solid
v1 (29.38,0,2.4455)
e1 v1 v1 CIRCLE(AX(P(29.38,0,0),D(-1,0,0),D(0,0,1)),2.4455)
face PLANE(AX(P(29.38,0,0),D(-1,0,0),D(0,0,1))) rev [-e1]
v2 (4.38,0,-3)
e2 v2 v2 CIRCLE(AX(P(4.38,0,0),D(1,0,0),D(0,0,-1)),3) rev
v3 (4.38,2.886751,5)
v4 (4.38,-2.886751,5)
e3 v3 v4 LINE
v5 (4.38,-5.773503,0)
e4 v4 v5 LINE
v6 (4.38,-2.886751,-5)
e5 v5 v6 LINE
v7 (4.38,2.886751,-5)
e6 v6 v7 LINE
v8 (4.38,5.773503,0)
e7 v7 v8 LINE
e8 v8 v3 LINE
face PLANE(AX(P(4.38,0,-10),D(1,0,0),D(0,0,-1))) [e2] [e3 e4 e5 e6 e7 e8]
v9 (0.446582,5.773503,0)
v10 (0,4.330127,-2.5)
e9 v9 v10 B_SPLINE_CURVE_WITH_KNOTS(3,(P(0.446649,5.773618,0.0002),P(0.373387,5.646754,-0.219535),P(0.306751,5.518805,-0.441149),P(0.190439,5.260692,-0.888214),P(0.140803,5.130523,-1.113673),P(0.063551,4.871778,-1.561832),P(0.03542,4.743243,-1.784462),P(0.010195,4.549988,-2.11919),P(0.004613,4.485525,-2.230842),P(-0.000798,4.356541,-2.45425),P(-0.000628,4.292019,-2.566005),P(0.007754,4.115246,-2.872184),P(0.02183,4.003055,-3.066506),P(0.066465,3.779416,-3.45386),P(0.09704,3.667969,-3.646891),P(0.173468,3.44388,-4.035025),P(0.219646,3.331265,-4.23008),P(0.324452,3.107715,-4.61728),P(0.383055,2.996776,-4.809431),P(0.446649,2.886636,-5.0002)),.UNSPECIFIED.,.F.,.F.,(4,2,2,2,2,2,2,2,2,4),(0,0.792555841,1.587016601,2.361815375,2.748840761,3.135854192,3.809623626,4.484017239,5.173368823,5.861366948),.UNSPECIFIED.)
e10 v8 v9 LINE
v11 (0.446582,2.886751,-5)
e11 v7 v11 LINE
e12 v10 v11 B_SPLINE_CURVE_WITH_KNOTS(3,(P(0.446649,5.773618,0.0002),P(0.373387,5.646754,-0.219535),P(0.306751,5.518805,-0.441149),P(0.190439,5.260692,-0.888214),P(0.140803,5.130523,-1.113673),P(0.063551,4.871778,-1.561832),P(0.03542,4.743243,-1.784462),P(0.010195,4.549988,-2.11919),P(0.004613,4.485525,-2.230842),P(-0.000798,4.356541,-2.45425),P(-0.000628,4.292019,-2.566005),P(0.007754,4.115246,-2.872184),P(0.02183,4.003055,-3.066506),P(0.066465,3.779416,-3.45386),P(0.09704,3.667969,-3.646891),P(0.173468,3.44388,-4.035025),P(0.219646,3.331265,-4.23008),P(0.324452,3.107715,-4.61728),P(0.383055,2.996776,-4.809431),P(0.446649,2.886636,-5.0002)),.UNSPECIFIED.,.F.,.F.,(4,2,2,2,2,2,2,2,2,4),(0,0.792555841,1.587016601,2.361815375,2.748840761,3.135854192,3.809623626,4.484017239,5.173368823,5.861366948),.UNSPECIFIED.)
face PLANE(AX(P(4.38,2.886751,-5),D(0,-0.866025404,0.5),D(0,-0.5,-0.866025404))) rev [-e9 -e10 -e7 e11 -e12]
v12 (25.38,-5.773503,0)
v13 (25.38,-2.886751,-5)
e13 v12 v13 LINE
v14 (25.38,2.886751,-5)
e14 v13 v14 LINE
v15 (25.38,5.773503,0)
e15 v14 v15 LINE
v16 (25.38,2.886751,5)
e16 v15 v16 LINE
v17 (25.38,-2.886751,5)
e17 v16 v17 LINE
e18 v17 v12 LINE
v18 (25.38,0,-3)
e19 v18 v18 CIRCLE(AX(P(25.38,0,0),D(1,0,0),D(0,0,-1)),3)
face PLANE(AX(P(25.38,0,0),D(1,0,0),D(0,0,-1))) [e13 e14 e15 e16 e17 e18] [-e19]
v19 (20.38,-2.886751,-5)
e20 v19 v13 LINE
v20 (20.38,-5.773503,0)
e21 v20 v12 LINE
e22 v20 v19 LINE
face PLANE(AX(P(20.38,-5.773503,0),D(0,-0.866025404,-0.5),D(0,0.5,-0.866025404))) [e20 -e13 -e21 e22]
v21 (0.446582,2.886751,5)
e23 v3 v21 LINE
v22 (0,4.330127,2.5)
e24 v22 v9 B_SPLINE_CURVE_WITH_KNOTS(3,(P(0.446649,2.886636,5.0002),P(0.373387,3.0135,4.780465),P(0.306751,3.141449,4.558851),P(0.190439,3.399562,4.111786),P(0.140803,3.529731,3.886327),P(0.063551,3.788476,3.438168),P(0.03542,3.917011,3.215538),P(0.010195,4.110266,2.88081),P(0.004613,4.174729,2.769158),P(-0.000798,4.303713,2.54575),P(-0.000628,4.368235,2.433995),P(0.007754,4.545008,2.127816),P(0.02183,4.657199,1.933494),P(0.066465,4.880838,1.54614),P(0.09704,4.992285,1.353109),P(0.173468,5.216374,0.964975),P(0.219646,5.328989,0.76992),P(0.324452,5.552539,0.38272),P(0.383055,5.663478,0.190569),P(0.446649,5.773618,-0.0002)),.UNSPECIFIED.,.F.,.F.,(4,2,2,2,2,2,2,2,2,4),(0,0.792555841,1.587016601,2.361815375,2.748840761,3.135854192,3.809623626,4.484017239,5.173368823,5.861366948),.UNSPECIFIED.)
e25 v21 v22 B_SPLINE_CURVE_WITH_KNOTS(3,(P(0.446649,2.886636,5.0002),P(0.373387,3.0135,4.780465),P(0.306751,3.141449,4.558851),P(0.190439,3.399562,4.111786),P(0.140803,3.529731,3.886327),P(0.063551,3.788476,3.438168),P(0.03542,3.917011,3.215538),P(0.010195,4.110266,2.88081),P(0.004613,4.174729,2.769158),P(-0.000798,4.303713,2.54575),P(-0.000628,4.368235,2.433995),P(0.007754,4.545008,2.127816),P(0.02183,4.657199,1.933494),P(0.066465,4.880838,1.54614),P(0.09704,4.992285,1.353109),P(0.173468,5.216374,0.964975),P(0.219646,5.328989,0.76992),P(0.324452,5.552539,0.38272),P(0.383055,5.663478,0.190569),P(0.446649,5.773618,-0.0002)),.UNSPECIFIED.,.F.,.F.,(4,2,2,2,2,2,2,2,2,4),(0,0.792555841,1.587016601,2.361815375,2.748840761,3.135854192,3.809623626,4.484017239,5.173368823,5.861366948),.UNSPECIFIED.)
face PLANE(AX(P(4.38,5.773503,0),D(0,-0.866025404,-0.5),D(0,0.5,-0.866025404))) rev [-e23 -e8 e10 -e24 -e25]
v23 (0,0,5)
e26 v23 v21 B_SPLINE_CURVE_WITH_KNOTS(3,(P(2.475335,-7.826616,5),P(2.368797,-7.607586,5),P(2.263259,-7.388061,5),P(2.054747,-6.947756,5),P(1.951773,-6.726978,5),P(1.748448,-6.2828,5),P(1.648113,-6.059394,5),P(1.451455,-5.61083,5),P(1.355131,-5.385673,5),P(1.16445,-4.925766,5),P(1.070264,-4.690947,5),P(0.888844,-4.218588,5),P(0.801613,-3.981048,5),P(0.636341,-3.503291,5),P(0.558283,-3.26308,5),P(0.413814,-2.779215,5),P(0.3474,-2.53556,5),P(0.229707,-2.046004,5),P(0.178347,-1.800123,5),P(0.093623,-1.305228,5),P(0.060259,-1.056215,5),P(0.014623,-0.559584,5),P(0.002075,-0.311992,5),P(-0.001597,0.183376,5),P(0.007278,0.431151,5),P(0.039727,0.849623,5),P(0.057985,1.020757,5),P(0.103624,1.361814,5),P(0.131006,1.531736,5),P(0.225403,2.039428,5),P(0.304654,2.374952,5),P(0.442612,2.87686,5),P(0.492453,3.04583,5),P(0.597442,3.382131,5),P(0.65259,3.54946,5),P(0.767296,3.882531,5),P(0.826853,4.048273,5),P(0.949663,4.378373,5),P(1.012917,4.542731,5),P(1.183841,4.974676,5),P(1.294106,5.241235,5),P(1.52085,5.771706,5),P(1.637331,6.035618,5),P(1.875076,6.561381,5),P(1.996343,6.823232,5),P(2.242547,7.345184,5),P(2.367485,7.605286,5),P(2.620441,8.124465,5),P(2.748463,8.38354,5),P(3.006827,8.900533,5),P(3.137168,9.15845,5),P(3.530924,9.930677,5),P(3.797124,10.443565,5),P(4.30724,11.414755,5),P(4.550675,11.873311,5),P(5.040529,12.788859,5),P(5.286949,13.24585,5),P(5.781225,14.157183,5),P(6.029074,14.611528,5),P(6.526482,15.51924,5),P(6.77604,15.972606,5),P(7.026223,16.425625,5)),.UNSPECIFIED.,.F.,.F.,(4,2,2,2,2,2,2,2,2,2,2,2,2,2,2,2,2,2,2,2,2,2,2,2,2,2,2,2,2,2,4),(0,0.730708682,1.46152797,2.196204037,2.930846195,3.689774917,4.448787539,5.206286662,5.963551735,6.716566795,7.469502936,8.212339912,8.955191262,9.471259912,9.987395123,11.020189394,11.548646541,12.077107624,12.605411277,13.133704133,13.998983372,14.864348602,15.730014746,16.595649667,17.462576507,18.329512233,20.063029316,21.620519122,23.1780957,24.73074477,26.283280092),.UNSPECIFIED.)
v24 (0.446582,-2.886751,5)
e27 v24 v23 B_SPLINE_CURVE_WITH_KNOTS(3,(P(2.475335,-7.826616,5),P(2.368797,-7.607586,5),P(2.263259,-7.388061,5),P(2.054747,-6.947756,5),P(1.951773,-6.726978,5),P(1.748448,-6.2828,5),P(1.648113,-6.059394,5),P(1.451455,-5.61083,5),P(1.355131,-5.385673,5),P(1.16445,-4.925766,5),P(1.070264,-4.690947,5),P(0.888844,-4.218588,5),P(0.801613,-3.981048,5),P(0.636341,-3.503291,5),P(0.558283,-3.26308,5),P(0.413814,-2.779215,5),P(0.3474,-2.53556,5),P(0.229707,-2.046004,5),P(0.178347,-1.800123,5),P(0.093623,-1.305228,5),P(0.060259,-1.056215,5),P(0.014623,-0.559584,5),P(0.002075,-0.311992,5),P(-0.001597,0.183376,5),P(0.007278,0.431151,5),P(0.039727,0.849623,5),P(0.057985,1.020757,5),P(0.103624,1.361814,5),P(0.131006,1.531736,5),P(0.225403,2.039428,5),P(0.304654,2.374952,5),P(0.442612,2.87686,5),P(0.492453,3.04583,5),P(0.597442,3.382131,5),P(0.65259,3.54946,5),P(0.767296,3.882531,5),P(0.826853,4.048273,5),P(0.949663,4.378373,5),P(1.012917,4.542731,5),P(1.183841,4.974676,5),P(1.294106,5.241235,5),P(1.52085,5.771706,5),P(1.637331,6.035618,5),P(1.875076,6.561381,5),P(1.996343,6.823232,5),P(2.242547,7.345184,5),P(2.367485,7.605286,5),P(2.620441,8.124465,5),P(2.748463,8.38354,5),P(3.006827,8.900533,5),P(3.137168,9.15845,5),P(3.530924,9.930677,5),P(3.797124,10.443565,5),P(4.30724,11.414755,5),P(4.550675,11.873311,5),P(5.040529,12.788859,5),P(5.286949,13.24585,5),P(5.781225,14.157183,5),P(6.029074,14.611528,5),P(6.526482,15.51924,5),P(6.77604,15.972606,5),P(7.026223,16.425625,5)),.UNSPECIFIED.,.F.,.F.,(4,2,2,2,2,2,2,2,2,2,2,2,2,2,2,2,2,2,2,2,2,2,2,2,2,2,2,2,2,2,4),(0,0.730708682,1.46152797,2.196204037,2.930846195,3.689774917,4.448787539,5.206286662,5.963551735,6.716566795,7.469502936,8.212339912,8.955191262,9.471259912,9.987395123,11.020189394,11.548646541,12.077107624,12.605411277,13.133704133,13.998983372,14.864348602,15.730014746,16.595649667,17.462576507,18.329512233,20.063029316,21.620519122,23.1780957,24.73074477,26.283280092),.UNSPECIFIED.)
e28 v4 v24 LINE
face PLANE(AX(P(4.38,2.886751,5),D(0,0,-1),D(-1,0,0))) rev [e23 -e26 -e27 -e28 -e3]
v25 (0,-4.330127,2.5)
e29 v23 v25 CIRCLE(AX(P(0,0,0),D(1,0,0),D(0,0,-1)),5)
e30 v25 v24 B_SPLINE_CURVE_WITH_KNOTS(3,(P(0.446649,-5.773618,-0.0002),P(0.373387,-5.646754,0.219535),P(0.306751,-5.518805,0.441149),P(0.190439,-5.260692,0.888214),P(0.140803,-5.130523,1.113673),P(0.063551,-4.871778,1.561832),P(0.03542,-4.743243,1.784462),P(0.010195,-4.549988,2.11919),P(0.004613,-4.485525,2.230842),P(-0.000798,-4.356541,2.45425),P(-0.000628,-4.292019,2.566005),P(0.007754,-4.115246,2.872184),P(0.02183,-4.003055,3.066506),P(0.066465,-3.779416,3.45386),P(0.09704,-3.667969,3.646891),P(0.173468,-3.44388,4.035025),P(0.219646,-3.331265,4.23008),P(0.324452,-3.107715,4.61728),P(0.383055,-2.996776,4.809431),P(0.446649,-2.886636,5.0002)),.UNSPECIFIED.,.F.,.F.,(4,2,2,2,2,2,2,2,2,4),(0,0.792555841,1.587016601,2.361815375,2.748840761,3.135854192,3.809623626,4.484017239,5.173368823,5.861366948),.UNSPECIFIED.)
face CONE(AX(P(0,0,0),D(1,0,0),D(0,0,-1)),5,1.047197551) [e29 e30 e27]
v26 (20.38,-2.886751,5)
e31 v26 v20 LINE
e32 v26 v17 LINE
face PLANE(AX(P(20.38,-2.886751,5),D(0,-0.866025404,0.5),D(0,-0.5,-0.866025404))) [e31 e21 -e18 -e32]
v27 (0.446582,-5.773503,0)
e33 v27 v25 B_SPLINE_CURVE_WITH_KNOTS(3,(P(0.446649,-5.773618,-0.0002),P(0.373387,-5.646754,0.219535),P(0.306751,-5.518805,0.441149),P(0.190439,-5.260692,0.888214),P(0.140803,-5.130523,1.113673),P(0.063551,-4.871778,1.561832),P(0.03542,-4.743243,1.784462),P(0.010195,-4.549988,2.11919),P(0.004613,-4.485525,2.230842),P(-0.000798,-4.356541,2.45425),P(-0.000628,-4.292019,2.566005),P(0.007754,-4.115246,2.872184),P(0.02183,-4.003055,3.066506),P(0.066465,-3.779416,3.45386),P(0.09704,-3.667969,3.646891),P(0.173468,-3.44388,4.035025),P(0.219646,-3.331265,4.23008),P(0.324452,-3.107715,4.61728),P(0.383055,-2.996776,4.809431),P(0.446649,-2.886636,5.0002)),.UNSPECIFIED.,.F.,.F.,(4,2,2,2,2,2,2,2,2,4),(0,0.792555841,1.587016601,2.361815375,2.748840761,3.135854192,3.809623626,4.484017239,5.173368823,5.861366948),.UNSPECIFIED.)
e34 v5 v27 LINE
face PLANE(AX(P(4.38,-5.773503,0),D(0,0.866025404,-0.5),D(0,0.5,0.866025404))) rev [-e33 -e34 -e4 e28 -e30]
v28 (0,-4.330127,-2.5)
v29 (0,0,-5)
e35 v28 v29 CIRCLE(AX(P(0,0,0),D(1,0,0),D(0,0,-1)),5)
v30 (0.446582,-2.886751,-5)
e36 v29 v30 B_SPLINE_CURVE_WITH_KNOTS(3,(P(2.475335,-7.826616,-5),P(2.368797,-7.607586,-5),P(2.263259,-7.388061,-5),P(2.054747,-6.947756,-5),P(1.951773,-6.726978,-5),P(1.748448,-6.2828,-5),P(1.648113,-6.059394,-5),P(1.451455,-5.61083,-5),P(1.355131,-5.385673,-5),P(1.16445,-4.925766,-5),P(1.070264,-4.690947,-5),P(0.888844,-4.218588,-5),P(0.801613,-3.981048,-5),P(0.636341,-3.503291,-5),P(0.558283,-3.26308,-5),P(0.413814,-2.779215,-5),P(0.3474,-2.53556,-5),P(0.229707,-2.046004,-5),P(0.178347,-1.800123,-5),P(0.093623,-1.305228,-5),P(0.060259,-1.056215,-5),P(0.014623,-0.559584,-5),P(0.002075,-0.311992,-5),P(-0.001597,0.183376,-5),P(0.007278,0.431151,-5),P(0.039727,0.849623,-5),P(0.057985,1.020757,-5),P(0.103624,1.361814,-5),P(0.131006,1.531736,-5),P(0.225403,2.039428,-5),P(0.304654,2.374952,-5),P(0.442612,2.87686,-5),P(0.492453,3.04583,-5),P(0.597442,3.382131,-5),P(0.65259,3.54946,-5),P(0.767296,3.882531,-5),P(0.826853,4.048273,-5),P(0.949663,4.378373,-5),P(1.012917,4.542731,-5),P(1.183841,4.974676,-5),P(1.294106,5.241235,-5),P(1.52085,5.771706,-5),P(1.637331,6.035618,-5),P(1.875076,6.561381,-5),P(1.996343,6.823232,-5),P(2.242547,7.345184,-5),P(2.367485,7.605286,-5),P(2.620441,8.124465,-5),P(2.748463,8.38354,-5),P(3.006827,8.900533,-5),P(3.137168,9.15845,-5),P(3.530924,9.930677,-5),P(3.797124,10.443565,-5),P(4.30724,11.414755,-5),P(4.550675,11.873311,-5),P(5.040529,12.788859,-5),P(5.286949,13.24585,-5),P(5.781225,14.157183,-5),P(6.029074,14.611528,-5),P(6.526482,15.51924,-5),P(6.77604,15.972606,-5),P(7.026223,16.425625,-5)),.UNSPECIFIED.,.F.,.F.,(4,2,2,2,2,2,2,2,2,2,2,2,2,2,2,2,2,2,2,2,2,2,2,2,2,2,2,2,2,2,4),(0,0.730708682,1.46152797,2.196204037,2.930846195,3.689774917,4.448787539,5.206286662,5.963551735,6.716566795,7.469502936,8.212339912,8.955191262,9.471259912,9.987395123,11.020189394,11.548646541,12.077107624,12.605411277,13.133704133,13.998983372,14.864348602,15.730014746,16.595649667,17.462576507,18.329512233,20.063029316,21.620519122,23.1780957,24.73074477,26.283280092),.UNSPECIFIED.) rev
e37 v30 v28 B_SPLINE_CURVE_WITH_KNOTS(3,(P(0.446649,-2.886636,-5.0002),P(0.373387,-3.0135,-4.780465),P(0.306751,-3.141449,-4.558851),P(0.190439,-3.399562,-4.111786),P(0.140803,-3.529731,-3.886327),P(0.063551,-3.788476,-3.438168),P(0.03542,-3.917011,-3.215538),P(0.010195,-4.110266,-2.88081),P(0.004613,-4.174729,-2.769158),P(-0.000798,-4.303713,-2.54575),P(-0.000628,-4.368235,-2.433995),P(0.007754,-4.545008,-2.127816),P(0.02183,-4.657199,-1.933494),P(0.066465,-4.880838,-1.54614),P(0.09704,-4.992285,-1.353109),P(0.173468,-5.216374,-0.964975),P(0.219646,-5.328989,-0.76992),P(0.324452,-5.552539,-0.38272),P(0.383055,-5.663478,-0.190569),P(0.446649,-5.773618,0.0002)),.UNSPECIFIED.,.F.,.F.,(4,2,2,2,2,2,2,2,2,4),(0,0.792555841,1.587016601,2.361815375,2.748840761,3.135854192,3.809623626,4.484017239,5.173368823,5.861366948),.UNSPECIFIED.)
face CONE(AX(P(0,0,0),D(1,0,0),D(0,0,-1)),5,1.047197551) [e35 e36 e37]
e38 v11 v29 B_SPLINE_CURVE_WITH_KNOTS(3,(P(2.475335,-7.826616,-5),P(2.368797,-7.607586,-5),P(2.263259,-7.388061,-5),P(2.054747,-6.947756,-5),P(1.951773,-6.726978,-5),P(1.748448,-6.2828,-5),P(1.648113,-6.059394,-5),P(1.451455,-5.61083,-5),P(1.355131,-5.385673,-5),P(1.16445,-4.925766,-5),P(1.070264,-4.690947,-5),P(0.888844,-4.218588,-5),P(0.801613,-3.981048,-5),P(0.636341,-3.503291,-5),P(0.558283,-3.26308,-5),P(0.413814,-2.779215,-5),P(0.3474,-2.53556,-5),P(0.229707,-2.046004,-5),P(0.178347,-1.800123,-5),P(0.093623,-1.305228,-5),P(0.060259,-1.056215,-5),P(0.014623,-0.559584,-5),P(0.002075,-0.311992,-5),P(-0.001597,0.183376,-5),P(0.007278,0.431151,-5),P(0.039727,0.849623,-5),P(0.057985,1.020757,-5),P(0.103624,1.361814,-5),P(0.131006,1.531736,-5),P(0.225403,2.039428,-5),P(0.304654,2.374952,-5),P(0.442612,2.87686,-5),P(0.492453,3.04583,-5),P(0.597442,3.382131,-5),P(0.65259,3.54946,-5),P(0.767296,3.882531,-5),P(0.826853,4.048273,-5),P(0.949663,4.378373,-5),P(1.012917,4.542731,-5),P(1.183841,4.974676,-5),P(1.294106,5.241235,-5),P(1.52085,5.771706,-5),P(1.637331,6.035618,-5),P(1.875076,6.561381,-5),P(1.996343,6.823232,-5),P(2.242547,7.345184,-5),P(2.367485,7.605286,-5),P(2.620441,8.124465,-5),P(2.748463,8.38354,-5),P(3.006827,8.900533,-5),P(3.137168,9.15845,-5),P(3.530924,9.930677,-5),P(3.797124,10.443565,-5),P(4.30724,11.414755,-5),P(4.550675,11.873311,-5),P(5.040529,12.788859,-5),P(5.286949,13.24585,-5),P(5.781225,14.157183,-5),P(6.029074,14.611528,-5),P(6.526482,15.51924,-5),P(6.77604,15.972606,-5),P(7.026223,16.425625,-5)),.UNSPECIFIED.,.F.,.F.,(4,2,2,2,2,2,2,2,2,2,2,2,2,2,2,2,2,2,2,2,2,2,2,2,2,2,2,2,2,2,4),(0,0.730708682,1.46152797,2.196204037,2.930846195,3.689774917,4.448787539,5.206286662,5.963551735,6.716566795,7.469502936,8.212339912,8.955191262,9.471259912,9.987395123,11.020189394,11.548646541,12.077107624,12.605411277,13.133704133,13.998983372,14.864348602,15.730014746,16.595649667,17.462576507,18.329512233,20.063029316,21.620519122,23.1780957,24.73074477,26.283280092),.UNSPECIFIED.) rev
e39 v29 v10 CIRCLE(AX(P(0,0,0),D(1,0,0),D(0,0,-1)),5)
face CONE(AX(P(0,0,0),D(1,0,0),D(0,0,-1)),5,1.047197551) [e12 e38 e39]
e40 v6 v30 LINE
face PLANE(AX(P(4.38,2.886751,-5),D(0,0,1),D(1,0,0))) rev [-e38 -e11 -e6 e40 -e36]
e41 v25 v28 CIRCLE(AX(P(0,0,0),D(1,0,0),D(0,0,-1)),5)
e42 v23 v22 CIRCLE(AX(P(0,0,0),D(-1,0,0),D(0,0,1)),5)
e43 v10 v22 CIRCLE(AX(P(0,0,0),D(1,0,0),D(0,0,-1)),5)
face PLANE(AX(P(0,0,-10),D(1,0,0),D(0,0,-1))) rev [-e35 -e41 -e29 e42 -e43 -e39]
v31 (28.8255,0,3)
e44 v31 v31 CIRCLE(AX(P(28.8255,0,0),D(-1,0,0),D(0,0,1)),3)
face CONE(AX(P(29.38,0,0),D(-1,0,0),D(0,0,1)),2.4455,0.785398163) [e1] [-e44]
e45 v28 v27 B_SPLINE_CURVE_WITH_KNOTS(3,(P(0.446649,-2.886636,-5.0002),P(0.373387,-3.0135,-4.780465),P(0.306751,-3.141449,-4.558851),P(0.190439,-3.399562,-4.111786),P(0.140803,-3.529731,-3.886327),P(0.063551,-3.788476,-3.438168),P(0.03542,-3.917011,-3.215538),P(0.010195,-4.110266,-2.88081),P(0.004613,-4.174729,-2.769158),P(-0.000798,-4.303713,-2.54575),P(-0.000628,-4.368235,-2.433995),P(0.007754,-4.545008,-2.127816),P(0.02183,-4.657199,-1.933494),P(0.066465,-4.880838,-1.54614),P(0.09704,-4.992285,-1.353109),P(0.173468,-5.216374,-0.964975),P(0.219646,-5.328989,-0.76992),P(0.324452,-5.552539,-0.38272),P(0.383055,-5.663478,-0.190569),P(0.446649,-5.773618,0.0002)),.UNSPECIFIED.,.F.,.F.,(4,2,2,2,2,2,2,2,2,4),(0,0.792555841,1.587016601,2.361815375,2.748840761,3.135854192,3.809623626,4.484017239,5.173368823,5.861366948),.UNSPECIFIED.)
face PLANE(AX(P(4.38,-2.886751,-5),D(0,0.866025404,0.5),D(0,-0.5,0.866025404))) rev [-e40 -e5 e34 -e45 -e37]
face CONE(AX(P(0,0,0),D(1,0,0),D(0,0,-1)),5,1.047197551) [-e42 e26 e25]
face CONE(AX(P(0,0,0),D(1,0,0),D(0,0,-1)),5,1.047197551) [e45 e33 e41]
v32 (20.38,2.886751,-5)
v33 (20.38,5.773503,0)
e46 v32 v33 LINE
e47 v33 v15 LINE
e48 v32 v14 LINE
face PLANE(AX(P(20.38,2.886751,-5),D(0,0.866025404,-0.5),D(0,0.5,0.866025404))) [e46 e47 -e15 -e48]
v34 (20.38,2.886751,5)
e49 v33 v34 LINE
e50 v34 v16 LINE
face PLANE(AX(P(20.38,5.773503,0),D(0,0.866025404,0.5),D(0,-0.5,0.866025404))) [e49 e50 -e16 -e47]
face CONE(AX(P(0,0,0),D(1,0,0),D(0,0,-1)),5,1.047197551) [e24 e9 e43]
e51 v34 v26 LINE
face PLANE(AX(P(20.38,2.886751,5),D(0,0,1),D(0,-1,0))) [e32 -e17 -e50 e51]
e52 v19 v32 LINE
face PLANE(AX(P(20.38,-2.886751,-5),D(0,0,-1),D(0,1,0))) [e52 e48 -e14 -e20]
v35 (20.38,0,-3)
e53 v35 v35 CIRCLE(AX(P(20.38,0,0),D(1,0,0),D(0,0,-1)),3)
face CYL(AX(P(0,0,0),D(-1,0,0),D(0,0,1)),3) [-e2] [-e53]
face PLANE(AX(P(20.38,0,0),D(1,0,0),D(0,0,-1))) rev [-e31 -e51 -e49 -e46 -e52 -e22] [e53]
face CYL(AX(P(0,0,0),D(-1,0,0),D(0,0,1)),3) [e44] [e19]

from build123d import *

# Parameters (mm, degrees)
BASEHEAD_DEPTH      = 4.38
BOSS_EXTRUDE1_DEPTH = 5


with BuildPart() as part:
    # Sketch1 → BaseHead (new body)
    with BuildSketch(Plane(origin=(0, 0, 0), x_dir=(0, 0, -1), z_dir=(1, 0, 0))):
        Polygon((5, 2.886751346), (5, -2.886751346), (0, -5.773502692), (-5, -2.886751346), (-5, 2.886751346), (0, 5.773502692), align=None)
    extrude(amount=BASEHEAD_DEPTH)

    # BodySke → BaseBody (revolve)
    with BuildSketch(Plane.XY, mode=Mode.PRIVATE) as basebody_sk:
        Polygon((0, 0), (29.38, 0), (29.38, 2.4455), (28.8255, 3), (0, 3), align=None)
    revolve(basebody_sk.sketch.rotate(Axis((0, 0, 0), (1, 0, 0)), 90), axis=Axis((0, 0, 0), (1, 0, 0)))

    # Sketch3 → HeadChamfer (revolve, cut)
    with BuildSketch(Plane.XY):
        Polygon((0, 5), (3.333333333, 10.773502692), (3.333333333, 15.773502692), (-10, 15.773502692), (-10, 5), align=None)
    revolve(axis=Axis((0, 0, 0), (1, 0, 0)), mode=Mode.SUBTRACT)

    # Sketch4 → Boss-Extrude1 (add)
    with BuildSketch(Plane(origin=(25.38, 0, 0), x_dir=(0, 0, -1), z_dir=(1, 0, 0))):
        Polygon((0, 5.773502692), (-5, 2.886751346), (-5, -2.886751346), (0, -5.773502692), (5, -2.886751346), (5, 2.886751346), align=None)
    extrude(amount=-BOSS_EXTRUDE1_DEPTH)


solid = part.part
